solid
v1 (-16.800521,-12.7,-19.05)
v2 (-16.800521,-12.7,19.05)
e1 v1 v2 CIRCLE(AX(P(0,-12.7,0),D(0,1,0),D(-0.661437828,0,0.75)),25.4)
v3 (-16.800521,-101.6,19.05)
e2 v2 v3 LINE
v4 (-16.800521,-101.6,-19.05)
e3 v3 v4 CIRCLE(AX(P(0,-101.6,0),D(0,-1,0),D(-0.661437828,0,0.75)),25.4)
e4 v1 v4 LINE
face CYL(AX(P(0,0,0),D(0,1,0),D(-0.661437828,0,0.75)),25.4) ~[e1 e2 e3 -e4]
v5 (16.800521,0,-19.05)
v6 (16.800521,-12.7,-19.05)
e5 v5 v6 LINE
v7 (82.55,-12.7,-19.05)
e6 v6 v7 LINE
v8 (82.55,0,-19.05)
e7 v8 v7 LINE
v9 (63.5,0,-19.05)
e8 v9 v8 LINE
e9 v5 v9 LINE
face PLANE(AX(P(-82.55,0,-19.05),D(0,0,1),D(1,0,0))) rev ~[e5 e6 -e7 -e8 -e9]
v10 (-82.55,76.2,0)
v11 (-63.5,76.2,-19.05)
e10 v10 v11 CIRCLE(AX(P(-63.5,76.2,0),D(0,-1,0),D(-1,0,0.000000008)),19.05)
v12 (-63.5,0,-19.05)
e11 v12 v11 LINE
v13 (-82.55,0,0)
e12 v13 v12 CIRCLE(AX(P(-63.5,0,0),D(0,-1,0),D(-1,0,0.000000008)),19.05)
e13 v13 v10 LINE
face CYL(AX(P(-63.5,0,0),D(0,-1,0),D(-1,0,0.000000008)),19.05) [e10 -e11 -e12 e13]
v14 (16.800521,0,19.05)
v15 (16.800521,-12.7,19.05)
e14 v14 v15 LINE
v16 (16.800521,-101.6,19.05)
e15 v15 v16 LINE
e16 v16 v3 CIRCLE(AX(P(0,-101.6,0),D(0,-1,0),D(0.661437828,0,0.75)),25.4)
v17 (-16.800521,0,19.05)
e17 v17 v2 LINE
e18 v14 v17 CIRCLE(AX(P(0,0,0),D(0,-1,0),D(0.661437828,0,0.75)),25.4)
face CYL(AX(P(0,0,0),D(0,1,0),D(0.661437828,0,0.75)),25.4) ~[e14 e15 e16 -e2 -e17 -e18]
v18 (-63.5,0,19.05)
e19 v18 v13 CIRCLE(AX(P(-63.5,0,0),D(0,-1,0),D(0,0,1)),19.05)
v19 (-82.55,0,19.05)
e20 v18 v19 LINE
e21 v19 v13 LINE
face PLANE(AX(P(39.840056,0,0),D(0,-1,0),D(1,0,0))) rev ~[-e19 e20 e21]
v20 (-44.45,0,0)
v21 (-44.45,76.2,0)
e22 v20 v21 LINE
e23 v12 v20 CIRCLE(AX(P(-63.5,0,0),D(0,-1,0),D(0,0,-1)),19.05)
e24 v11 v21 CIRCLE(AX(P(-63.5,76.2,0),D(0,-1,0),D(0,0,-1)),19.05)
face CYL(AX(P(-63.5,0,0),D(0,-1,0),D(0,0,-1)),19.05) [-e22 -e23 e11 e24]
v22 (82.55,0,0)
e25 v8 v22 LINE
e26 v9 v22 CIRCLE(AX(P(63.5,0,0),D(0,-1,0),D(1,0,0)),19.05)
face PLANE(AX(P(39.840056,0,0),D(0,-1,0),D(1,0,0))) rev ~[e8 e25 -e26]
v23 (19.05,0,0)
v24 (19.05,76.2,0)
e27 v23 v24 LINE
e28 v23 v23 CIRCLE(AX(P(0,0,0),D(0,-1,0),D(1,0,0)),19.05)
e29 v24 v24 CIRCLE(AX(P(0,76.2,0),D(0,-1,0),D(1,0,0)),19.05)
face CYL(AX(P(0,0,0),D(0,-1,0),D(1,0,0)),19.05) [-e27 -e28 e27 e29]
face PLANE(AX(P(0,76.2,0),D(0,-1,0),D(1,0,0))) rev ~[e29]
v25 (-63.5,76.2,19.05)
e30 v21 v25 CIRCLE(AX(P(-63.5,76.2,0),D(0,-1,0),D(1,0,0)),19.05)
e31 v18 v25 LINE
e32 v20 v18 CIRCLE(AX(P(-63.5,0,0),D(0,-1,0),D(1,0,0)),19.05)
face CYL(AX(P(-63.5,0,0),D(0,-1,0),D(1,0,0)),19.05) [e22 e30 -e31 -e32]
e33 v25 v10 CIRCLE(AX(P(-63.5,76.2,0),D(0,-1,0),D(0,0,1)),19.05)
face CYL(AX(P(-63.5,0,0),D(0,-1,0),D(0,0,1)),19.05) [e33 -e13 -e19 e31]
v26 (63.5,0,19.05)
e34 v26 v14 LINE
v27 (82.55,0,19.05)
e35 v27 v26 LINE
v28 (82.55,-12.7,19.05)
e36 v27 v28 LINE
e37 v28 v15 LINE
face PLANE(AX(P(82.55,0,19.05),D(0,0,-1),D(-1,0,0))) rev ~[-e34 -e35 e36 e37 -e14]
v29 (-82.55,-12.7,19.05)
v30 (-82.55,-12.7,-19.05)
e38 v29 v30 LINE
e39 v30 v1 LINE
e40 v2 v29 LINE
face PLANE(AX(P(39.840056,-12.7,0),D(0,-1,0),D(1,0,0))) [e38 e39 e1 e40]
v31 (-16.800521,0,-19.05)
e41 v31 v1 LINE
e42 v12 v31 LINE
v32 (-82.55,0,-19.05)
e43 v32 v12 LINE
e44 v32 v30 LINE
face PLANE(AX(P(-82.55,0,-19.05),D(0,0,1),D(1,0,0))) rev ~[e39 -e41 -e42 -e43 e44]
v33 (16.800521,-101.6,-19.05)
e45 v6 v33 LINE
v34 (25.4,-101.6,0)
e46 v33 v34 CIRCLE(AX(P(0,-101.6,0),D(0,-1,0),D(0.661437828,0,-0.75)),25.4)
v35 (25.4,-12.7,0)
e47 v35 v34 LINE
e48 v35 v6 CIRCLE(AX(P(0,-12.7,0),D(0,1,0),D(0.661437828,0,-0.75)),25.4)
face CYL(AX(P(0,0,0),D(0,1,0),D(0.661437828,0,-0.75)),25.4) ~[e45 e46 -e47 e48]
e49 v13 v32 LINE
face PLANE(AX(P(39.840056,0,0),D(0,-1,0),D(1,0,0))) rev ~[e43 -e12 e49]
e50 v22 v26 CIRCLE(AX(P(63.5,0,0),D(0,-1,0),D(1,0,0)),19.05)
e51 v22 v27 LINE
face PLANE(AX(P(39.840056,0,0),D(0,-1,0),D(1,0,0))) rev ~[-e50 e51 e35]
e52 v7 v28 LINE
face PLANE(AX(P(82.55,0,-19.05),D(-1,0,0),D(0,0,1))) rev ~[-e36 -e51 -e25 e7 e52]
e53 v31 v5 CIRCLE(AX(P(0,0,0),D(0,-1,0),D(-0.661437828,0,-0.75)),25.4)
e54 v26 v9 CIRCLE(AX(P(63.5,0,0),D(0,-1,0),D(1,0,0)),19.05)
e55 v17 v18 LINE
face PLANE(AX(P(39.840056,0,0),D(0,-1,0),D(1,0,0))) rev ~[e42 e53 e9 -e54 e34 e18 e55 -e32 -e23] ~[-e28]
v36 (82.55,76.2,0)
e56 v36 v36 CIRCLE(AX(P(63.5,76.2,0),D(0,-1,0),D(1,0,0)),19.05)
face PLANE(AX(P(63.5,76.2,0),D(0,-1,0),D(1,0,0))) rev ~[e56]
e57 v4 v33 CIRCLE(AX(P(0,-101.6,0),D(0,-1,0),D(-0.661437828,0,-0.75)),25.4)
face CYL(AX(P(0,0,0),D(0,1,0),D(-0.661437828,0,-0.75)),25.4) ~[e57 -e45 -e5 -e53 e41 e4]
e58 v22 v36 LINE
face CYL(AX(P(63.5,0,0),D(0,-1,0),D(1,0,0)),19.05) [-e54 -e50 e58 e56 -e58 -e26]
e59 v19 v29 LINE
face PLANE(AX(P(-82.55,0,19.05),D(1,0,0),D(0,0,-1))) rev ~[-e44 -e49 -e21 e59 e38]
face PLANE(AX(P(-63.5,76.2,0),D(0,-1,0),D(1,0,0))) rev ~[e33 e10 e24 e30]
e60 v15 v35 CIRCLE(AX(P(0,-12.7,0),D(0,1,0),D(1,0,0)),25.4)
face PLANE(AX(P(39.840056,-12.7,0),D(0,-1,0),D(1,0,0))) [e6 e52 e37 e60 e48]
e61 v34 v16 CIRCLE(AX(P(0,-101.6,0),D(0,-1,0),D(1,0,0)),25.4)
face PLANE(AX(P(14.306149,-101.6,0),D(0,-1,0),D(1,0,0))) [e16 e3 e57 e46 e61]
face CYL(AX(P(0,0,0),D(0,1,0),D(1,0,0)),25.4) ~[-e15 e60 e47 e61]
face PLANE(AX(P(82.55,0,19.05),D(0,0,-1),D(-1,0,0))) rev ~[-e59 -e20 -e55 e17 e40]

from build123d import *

# Parameters (mm, degrees)
F1_DEPTH = 101.6
F2_DEPTH = 12.7
F3_DEPTH = 76.2


with BuildPart() as f1:
    # F0 (on Front) → F1 (new body)
    with BuildSketch(Plane.XZ):
        with BuildLine():
            ThreePointArc((25.4, 0), (23.1505208253, 10.4505208253), (16.8005208253, 19.05))
            Line((16.8005208253, 19.05), (-5.96e-08, 19.05))
            ThreePointArc((-5.96e-08, 19.05), (13.4703841605, 13.4703842027), (19.05, 0))
            ThreePointArc((19.05, 0), (13.4703841555, -13.4703842077), (-7.38e-08, -19.05))
            Line((-7.38e-08, -19.05), (16.8005208253, -19.05))
            ThreePointArc((16.8005208253, -19.05), (23.1505208253, -10.4505208253), (25.4, 0))
        make_face()
        with BuildLine():
            Line((-5.96e-08, 19.05), (16.8005208253, 19.05))
            ThreePointArc((16.8005208253, 19.05), (0, 25.4), (-16.8005208253, 19.05))
            Line((-16.8005208253, 19.05), (-5.96e-08, 19.05))
        make_face()
        with BuildLine():
            ThreePointArc((-7.38e-08, -19.05), (-19.05, 7.1e-09), (-5.96e-08, 19.05))
            Line((-5.96e-08, 19.05), (-16.8005208253, 19.05))
            ThreePointArc((-16.8005208253, 19.05), (-25.4, 0), (-16.8005208253, -19.05))
            Line((-16.8005208253, -19.05), (-7.38e-08, -19.05))
        make_face()
        with BuildLine():
            ThreePointArc((-16.8005208253, -19.05), (0, -25.4), (16.8005208253, -19.05))
            Line((16.8005208253, -19.05), (-7.38e-08, -19.05))
            Line((-7.38e-08, -19.05), (-16.8005208253, -19.05))
        make_face()
        with BuildLine():
            ThreePointArc((19.05, 0), (13.4703841605, 13.4703842027), (-5.96e-08, 19.05))
            ThreePointArc((-5.96e-08, 19.05), (-19.05, 7.1e-09), (-7.38e-08, -19.05))
            ThreePointArc((-7.38e-08, -19.05), (13.4703841555, -13.4703842077), (19.05, 0))
        make_face()
    extrude(amount=F1_DEPTH)

    # F0 (on Front) → F2 (join)
    with BuildSketch(Plane.XZ):
        with BuildLine():
            ThreePointArc((63.5, -19.05), (44.45, 0), (63.5, 19.05))
            Line((63.5, 19.05), (16.8005208253, 19.05))
            ThreePointArc((16.8005208253, 19.05), (23.1505208253, 10.4505208253), (25.4, 0))
            ThreePointArc((25.4, 0), (23.1505208253, -10.4505208253), (16.8005208253, -19.05))
            Line((16.8005208253, -19.05), (63.5, -19.05))
        make_face()
        with BuildLine():
            Line((82.55, -19.05), (82.55, 0))
            ThreePointArc((82.55, 0), (76.9703841816, -13.4703841816), (63.5, -19.05))
            Line((63.5, -19.05), (82.55, -19.05))
        make_face()
        with BuildLine():
            ThreePointArc((82.55, 0), (76.9703841816, 13.4703841816), (63.5, 19.05))
            ThreePointArc((63.5, 19.05), (44.45, 0), (63.5, -19.05))
            ThreePointArc((63.5, -19.05), (76.9703841816, -13.4703841816), (82.55, 0))
        make_face()
        with BuildLine():
            Line((82.55, 0), (82.55, 19.05))
            Line((82.55, 19.05), (63.5, 19.05))
            ThreePointArc((63.5, 19.05), (76.9703841816, 13.4703841816), (82.55, 0))
        make_face()
        with BuildLine():
            ThreePointArc((25.4, 0), (23.1505208253, 10.4505208253), (16.8005208253, 19.05))
            Line((16.8005208253, 19.05), (-5.96e-08, 19.05))
            ThreePointArc((-5.96e-08, 19.05), (13.4703841605, 13.4703842027), (19.05, 0))
            ThreePointArc((19.05, 0), (13.4703841555, -13.4703842077), (-7.38e-08, -19.05))
            Line((-7.38e-08, -19.05), (16.8005208253, -19.05))
            ThreePointArc((16.8005208253, -19.05), (23.1505208253, -10.4505208253), (25.4, 0))
        make_face()
        with BuildLine():
            ThreePointArc((19.05, 0), (13.4703841605, 13.4703842027), (-5.96e-08, 19.05))
            ThreePointArc((-5.96e-08, 19.05), (-19.05, 7.1e-09), (-7.38e-08, -19.05))
            ThreePointArc((-7.38e-08, -19.05), (13.4703841555, -13.4703842077), (19.05, 0))
        make_face()
        with BuildLine():
            ThreePointArc((-7.38e-08, -19.05), (-19.05, 7.1e-09), (-5.96e-08, 19.05))
            Line((-5.96e-08, 19.05), (-16.8005208253, 19.05))
            ThreePointArc((-16.8005208253, 19.05), (-25.4, 0), (-16.8005208253, -19.05))
            Line((-16.8005208253, -19.05), (-7.38e-08, -19.05))
        make_face()
        with BuildLine():
            ThreePointArc((-16.8005208253, -19.05), (-25.4, 0), (-16.8005208253, 19.05))
            Line((-16.8005208253, 19.05), (-63.5, 19.05))
            ThreePointArc((-63.5, 19.05), (-50.0296158184, 13.4703841816), (-44.45, 0))
            ThreePointArc((-44.45, 0), (-50.0296158184, -13.4703841816), (-63.5, -19.05))
            Line((-63.5, -19.05), (-16.8005208253, -19.05))
        make_face()
        with BuildLine():
            ThreePointArc((-44.45, 0), (-50.0296158184, 13.4703841816), (-63.5, 19.05))
            ThreePointArc((-63.5, 19.05), (-76.9703841264, 13.4703842368), (-82.55, 1.56e-07))
            ThreePointArc((-82.55, 1.56e-07), (-76.9703842368, -13.4703841264), (-63.5, -19.05))
            ThreePointArc((-63.5, -19.05), (-50.0296158184, -13.4703841816), (-44.45, 0))
        make_face()
        with BuildLine():
            ThreePointArc((-82.55, 1.56e-07), (-76.9703841264, 13.4703842368), (-63.5, 19.05))
            Line((-63.5, 19.05), (-82.55, 19.05))
            Line((-82.55, 19.05), (-82.55, 1.56e-07))
        make_face()
        with BuildLine():
            ThreePointArc((-63.5, -19.05), (-76.9703842368, -13.4703841264), (-82.55, 1.56e-07))
            Line((-82.55, 1.56e-07), (-82.55, -19.05))
            Line((-82.55, -19.05), (-63.5, -19.05))
        make_face()
    extrude(amount=F2_DEPTH)

    # F0 (on Front) → F3 (join)
    with BuildSketch(Plane.XZ):
        with BuildLine():
            ThreePointArc((19.05, 0), (13.4703841605, 13.4703842027), (-5.96e-08, 19.05))
            ThreePointArc((-5.96e-08, 19.05), (-19.05, 7.1e-09), (-7.38e-08, -19.05))
            ThreePointArc((-7.38e-08, -19.05), (13.4703841555, -13.4703842077), (19.05, 0))
        make_face()
        with BuildLine():
            ThreePointArc((-44.45, 0), (-50.0296158184, 13.4703841816), (-63.5, 19.05))
            ThreePointArc((-63.5, 19.05), (-76.9703841264, 13.4703842368), (-82.55, 1.56e-07))
            ThreePointArc((-82.55, 1.56e-07), (-76.9703842368, -13.4703841264), (-63.5, -19.05))
            ThreePointArc((-63.5, -19.05), (-50.0296158184, -13.4703841816), (-44.45, 0))
        make_face()
        with BuildLine():
            ThreePointArc((82.55, 0), (76.9703841816, 13.4703841816), (63.5, 19.05))
            ThreePointArc((63.5, 19.05), (44.45, 0), (63.5, -19.05))
            ThreePointArc((63.5, -19.05), (76.9703841816, -13.4703841816), (82.55, 0))
        make_face()
    extrude(amount=-F3_DEPTH)


solid = f1.part
